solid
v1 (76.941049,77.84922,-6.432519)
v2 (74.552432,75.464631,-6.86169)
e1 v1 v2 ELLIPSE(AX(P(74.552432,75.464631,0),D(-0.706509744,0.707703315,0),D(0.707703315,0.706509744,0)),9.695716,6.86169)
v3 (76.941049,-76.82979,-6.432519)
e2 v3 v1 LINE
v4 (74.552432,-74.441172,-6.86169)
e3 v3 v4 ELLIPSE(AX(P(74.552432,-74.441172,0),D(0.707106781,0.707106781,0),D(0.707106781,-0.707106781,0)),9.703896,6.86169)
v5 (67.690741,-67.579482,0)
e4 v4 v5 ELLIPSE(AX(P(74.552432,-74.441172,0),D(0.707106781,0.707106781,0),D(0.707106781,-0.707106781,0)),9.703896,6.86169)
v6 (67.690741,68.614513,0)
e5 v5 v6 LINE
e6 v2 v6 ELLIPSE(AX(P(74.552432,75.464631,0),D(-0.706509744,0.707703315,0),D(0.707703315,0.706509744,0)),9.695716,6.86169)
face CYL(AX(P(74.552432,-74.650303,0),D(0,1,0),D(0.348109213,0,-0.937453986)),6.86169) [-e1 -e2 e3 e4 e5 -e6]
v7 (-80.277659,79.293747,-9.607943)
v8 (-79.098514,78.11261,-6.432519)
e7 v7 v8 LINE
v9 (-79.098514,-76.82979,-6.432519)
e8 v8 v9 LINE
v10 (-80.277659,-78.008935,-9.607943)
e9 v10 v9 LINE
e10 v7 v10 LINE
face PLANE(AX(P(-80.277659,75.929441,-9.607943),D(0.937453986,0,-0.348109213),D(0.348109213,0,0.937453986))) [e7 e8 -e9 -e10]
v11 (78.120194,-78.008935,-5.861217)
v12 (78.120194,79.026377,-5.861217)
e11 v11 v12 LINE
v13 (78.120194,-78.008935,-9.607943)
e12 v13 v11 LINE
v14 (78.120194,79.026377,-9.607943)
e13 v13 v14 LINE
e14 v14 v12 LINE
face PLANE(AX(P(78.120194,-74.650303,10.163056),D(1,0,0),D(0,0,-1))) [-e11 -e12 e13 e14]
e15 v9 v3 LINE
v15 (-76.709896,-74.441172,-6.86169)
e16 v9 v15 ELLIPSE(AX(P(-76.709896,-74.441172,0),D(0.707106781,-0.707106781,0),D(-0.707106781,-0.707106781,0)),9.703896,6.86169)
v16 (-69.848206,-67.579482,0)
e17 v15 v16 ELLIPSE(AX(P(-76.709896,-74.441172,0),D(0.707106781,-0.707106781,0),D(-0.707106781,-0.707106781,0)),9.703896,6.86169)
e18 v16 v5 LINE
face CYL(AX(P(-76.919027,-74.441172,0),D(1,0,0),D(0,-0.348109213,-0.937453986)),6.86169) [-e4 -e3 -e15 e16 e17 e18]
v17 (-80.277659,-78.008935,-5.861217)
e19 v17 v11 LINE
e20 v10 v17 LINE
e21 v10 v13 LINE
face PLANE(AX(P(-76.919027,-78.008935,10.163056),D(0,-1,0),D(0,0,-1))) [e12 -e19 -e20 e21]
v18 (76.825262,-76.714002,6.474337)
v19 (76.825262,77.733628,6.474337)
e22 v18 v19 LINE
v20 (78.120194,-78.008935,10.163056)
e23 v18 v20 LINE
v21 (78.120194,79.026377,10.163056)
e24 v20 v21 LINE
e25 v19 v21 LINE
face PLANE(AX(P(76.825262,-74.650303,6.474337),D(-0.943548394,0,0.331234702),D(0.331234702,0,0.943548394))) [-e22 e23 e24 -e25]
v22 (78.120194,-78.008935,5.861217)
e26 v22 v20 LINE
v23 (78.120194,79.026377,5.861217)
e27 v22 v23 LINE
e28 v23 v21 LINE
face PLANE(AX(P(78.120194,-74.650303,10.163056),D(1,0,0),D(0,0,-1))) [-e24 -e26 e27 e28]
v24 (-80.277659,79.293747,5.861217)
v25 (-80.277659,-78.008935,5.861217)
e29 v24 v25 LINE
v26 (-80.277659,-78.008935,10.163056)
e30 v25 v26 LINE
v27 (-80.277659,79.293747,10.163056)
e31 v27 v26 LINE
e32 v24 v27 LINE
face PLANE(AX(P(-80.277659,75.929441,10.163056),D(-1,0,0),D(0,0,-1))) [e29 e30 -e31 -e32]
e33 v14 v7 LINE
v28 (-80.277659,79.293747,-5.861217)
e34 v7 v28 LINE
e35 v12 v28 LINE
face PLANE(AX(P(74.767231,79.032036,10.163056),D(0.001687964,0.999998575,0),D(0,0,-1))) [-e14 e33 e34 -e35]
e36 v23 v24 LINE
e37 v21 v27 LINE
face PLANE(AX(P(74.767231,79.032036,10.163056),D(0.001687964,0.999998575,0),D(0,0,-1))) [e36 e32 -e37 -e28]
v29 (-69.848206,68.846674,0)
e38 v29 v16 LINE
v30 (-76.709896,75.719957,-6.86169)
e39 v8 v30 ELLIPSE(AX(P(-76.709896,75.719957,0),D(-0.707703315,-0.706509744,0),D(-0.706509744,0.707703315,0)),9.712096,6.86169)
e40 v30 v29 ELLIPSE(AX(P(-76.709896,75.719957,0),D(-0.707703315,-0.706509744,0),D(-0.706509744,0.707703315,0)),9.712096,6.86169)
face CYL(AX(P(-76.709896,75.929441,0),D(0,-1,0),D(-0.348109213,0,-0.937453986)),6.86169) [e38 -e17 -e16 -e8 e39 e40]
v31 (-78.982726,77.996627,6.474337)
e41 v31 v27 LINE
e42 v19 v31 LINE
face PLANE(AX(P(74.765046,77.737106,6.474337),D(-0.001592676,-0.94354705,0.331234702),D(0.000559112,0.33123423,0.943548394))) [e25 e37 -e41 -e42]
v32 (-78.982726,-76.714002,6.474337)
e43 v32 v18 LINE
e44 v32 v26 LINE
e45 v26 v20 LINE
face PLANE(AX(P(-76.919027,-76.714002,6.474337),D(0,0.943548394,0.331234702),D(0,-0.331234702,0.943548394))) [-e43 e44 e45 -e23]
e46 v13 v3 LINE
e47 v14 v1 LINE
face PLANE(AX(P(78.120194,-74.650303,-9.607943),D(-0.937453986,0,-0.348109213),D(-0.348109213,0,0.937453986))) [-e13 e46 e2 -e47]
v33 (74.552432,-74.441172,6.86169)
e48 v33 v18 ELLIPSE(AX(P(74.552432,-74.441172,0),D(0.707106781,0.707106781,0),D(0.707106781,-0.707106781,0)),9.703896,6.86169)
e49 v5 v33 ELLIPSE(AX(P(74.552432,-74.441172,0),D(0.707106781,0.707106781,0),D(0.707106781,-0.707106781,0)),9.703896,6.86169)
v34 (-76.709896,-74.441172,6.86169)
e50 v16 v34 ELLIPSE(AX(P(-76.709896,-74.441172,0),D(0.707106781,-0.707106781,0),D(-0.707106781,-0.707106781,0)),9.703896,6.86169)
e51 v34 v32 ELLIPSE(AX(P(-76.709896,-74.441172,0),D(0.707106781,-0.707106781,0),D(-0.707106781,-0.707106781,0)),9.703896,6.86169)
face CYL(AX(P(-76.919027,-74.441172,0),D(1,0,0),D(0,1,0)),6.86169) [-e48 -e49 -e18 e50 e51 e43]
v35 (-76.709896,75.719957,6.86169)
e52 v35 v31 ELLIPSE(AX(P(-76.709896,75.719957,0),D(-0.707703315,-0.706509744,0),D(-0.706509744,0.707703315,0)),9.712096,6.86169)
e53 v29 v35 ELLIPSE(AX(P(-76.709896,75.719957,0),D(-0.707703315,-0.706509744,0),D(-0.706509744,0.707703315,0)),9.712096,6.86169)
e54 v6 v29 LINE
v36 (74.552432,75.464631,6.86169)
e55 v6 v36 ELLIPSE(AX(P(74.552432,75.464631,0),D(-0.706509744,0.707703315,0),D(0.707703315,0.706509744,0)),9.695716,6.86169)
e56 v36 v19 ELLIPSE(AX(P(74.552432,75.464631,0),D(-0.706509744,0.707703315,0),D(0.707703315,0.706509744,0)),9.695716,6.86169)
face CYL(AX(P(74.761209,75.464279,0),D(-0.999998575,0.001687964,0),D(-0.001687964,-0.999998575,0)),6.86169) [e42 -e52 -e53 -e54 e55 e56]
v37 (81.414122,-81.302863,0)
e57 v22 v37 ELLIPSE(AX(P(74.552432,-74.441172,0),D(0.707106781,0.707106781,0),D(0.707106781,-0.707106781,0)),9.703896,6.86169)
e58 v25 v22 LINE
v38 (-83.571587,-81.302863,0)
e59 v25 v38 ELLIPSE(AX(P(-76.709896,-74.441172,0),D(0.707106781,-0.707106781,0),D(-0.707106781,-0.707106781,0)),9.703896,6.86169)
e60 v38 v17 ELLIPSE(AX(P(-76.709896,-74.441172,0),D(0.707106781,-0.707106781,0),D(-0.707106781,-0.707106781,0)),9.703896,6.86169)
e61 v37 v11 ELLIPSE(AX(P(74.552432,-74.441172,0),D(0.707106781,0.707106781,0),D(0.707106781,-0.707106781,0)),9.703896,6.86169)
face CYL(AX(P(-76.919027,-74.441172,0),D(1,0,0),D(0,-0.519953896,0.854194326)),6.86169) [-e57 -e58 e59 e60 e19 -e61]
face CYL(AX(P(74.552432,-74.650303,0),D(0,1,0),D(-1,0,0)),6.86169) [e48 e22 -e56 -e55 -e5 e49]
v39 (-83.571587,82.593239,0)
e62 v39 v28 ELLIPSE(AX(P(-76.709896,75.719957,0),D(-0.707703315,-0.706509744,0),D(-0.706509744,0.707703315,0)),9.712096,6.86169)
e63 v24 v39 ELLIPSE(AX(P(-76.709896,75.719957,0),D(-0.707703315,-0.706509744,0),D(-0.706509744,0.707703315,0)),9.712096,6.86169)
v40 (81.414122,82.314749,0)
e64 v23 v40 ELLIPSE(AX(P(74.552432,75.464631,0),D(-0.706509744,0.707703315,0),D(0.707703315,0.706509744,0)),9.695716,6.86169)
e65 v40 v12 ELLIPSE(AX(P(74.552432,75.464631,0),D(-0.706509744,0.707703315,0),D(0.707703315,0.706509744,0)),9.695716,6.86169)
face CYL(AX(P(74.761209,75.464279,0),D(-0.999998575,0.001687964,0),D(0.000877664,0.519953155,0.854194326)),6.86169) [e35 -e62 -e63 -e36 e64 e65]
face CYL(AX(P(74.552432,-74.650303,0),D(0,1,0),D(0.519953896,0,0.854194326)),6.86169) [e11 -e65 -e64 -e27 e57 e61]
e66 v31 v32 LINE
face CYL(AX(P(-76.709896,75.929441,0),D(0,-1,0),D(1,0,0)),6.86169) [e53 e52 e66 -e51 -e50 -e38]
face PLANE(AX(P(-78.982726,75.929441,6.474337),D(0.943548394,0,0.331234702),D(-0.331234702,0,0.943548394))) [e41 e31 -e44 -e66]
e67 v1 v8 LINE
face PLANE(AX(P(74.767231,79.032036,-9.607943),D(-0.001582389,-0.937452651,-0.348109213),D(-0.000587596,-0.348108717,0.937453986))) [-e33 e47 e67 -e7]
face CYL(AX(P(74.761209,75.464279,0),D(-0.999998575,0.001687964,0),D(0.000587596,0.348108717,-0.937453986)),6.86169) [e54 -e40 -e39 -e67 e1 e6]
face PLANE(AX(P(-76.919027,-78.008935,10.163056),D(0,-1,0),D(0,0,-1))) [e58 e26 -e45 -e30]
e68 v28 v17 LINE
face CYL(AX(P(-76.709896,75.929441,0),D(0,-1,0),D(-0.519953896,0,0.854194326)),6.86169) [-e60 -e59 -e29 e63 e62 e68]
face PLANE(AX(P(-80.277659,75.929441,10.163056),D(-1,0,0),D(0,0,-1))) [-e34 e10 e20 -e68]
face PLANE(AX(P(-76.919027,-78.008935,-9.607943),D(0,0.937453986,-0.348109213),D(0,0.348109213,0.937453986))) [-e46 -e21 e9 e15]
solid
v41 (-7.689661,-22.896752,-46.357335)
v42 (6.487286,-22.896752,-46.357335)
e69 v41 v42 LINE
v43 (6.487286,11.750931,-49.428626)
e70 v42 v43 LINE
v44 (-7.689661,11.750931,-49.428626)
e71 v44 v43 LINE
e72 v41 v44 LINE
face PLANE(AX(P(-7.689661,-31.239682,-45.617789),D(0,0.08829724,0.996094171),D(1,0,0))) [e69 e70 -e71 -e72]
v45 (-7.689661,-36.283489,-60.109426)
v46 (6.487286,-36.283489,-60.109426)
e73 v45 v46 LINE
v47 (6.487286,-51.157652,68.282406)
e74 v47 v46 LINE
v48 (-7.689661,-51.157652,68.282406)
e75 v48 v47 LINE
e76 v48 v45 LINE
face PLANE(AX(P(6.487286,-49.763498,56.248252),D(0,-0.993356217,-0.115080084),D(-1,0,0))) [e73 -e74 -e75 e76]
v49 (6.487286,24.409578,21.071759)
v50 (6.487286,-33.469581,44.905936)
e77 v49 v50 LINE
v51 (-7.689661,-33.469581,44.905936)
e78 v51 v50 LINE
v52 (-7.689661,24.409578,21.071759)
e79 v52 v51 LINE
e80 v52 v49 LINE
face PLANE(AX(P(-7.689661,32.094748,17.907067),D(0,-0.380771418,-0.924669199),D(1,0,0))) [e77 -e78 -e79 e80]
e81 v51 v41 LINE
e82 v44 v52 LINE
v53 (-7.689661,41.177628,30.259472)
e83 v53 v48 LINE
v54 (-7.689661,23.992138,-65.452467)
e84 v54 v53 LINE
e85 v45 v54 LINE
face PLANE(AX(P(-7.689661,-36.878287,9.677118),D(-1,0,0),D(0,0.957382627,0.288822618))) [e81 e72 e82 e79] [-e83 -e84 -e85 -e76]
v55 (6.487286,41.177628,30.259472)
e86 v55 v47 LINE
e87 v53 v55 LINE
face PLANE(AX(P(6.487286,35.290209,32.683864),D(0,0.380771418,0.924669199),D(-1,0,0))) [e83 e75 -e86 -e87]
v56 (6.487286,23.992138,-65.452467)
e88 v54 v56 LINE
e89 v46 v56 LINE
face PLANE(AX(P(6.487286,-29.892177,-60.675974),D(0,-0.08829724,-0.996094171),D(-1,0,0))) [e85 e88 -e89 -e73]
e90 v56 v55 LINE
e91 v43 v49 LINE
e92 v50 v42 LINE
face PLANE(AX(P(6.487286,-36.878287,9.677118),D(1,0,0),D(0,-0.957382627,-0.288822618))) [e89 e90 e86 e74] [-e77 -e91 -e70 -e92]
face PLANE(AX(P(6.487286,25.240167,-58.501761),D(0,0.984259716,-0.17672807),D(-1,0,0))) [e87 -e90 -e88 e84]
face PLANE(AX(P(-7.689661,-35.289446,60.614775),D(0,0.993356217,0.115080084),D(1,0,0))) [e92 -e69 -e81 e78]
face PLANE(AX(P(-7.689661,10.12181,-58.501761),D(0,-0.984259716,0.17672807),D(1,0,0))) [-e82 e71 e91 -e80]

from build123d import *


with BuildPart() as f2:
    # F2: sweep along a path in F0
    with BuildLine(Plane.XY) as f2_path:
        Line((-76.9190266728, 75.929440558), (-76.9190266728, -74.6503025293))
        Line((-76.9190266728, -74.6503025293), (74.7615620494, -74.6503025293))
        Line((74.7615620494, -74.6503025293), (74.7615620494, 75.6734088063))
        Line((74.7615620494, 75.6734088063), (-76.9190266728, 75.929440558))
    # F1 (on Front) → F2 (sweep)
    with BuildSketch(Plane.XZ):
        with BuildLine():
            ThreePointArc((-79.0985139787, -6.4325190471), (-72.7924455804, -5.6335047029), (-69.8482058942, 0))
            ThreePointArc((-69.8482058942, 0), (-72.7420669571, 5.5981359113), (-78.9827263138, 6.4743369876))
            Line((-78.9827263138, 6.4743369876), (-76.7098963261, 0))
            Line((-76.7098963261, 0), (-79.0985139787, -6.4325190471))
        make_face()
        with BuildLine():
            Line((-76.7098963261, 0), (-78.9827263138, 6.4743369876))
            ThreePointArc((-78.9827263138, 6.4743369876), (-79.6462392347, 6.2016679938), (-80.277658999, 5.8612170317))
            Line((-80.277658999, 5.8612170317), (-80.277658999, -5.8612170317))
            ThreePointArc((-80.277658999, -5.8612170317), (-79.7017541342, -6.1750775249), (-79.0985139787, -6.4325190471))
            Line((-79.0985139787, -6.4325190471), (-76.7098963261, 0))
        make_face()
        with BuildLine():
            ThreePointArc((-80.277658999, 5.8612170317), (-79.6462392347, 6.2016679938), (-78.9827263138, 6.4743369876))
            Line((-78.9827263138, 6.4743369876), (-80.277658999, 10.1630557328))
            Line((-80.277658999, 10.1630557328), (-80.277658999, 5.8612170317))
        make_face()
        with BuildLine():
            Line((-80.277658999, -9.6079426205), (-79.0985139787, -6.4325190471))
            ThreePointArc((-79.0985139787, -6.4325190471), (-79.7017541342, -6.1750775249), (-80.277658999, -5.8612170317))
            Line((-80.277658999, -5.8612170317), (-80.277658999, -9.6079426205))
        make_face()
        with BuildLine():
            Line((-80.277658999, -5.8612170317), (-80.277658999, 5.8612170317))
            ThreePointArc((-80.277658999, 5.8612170317), (-83.5715867579, 0), (-80.277658999, -5.8612170317))
        make_face()
    sweep(path=f2_path.line, transition=Transition.RIGHT)


with BuildPart() as f5:
    # F5: sweep along a path in F3
    with BuildLine(Plane.YZ) as f5_path:
        Line((-43.4850491583, 58.1423304975), (-30.476687476, -54.1441440582))
        Line((-30.476687476, -54.1441440582), (18.6822358519, -58.5017614067))
        Line((18.6822358519, -58.5017614067), (33.9041054249, 26.2740924954))
        Line((33.9041054249, 26.2740924954), (-43.4850491583, 58.1423304975))
    # F4 (on Top) → F5 (sweep)
    with BuildSketch(Plane.XY):
        Polygon((-7.6896613464, 35.7444100082), (-7.6896613464, 29.3526444584), (-7.6896613464, 20.6260532141), (6.487286184, 20.6260532141), (6.487286184, 35.7444100082), align=None)
    sweep(path=f5_path.line, transition=Transition.RIGHT)


solid = Compound([f2.part, f5.part])
